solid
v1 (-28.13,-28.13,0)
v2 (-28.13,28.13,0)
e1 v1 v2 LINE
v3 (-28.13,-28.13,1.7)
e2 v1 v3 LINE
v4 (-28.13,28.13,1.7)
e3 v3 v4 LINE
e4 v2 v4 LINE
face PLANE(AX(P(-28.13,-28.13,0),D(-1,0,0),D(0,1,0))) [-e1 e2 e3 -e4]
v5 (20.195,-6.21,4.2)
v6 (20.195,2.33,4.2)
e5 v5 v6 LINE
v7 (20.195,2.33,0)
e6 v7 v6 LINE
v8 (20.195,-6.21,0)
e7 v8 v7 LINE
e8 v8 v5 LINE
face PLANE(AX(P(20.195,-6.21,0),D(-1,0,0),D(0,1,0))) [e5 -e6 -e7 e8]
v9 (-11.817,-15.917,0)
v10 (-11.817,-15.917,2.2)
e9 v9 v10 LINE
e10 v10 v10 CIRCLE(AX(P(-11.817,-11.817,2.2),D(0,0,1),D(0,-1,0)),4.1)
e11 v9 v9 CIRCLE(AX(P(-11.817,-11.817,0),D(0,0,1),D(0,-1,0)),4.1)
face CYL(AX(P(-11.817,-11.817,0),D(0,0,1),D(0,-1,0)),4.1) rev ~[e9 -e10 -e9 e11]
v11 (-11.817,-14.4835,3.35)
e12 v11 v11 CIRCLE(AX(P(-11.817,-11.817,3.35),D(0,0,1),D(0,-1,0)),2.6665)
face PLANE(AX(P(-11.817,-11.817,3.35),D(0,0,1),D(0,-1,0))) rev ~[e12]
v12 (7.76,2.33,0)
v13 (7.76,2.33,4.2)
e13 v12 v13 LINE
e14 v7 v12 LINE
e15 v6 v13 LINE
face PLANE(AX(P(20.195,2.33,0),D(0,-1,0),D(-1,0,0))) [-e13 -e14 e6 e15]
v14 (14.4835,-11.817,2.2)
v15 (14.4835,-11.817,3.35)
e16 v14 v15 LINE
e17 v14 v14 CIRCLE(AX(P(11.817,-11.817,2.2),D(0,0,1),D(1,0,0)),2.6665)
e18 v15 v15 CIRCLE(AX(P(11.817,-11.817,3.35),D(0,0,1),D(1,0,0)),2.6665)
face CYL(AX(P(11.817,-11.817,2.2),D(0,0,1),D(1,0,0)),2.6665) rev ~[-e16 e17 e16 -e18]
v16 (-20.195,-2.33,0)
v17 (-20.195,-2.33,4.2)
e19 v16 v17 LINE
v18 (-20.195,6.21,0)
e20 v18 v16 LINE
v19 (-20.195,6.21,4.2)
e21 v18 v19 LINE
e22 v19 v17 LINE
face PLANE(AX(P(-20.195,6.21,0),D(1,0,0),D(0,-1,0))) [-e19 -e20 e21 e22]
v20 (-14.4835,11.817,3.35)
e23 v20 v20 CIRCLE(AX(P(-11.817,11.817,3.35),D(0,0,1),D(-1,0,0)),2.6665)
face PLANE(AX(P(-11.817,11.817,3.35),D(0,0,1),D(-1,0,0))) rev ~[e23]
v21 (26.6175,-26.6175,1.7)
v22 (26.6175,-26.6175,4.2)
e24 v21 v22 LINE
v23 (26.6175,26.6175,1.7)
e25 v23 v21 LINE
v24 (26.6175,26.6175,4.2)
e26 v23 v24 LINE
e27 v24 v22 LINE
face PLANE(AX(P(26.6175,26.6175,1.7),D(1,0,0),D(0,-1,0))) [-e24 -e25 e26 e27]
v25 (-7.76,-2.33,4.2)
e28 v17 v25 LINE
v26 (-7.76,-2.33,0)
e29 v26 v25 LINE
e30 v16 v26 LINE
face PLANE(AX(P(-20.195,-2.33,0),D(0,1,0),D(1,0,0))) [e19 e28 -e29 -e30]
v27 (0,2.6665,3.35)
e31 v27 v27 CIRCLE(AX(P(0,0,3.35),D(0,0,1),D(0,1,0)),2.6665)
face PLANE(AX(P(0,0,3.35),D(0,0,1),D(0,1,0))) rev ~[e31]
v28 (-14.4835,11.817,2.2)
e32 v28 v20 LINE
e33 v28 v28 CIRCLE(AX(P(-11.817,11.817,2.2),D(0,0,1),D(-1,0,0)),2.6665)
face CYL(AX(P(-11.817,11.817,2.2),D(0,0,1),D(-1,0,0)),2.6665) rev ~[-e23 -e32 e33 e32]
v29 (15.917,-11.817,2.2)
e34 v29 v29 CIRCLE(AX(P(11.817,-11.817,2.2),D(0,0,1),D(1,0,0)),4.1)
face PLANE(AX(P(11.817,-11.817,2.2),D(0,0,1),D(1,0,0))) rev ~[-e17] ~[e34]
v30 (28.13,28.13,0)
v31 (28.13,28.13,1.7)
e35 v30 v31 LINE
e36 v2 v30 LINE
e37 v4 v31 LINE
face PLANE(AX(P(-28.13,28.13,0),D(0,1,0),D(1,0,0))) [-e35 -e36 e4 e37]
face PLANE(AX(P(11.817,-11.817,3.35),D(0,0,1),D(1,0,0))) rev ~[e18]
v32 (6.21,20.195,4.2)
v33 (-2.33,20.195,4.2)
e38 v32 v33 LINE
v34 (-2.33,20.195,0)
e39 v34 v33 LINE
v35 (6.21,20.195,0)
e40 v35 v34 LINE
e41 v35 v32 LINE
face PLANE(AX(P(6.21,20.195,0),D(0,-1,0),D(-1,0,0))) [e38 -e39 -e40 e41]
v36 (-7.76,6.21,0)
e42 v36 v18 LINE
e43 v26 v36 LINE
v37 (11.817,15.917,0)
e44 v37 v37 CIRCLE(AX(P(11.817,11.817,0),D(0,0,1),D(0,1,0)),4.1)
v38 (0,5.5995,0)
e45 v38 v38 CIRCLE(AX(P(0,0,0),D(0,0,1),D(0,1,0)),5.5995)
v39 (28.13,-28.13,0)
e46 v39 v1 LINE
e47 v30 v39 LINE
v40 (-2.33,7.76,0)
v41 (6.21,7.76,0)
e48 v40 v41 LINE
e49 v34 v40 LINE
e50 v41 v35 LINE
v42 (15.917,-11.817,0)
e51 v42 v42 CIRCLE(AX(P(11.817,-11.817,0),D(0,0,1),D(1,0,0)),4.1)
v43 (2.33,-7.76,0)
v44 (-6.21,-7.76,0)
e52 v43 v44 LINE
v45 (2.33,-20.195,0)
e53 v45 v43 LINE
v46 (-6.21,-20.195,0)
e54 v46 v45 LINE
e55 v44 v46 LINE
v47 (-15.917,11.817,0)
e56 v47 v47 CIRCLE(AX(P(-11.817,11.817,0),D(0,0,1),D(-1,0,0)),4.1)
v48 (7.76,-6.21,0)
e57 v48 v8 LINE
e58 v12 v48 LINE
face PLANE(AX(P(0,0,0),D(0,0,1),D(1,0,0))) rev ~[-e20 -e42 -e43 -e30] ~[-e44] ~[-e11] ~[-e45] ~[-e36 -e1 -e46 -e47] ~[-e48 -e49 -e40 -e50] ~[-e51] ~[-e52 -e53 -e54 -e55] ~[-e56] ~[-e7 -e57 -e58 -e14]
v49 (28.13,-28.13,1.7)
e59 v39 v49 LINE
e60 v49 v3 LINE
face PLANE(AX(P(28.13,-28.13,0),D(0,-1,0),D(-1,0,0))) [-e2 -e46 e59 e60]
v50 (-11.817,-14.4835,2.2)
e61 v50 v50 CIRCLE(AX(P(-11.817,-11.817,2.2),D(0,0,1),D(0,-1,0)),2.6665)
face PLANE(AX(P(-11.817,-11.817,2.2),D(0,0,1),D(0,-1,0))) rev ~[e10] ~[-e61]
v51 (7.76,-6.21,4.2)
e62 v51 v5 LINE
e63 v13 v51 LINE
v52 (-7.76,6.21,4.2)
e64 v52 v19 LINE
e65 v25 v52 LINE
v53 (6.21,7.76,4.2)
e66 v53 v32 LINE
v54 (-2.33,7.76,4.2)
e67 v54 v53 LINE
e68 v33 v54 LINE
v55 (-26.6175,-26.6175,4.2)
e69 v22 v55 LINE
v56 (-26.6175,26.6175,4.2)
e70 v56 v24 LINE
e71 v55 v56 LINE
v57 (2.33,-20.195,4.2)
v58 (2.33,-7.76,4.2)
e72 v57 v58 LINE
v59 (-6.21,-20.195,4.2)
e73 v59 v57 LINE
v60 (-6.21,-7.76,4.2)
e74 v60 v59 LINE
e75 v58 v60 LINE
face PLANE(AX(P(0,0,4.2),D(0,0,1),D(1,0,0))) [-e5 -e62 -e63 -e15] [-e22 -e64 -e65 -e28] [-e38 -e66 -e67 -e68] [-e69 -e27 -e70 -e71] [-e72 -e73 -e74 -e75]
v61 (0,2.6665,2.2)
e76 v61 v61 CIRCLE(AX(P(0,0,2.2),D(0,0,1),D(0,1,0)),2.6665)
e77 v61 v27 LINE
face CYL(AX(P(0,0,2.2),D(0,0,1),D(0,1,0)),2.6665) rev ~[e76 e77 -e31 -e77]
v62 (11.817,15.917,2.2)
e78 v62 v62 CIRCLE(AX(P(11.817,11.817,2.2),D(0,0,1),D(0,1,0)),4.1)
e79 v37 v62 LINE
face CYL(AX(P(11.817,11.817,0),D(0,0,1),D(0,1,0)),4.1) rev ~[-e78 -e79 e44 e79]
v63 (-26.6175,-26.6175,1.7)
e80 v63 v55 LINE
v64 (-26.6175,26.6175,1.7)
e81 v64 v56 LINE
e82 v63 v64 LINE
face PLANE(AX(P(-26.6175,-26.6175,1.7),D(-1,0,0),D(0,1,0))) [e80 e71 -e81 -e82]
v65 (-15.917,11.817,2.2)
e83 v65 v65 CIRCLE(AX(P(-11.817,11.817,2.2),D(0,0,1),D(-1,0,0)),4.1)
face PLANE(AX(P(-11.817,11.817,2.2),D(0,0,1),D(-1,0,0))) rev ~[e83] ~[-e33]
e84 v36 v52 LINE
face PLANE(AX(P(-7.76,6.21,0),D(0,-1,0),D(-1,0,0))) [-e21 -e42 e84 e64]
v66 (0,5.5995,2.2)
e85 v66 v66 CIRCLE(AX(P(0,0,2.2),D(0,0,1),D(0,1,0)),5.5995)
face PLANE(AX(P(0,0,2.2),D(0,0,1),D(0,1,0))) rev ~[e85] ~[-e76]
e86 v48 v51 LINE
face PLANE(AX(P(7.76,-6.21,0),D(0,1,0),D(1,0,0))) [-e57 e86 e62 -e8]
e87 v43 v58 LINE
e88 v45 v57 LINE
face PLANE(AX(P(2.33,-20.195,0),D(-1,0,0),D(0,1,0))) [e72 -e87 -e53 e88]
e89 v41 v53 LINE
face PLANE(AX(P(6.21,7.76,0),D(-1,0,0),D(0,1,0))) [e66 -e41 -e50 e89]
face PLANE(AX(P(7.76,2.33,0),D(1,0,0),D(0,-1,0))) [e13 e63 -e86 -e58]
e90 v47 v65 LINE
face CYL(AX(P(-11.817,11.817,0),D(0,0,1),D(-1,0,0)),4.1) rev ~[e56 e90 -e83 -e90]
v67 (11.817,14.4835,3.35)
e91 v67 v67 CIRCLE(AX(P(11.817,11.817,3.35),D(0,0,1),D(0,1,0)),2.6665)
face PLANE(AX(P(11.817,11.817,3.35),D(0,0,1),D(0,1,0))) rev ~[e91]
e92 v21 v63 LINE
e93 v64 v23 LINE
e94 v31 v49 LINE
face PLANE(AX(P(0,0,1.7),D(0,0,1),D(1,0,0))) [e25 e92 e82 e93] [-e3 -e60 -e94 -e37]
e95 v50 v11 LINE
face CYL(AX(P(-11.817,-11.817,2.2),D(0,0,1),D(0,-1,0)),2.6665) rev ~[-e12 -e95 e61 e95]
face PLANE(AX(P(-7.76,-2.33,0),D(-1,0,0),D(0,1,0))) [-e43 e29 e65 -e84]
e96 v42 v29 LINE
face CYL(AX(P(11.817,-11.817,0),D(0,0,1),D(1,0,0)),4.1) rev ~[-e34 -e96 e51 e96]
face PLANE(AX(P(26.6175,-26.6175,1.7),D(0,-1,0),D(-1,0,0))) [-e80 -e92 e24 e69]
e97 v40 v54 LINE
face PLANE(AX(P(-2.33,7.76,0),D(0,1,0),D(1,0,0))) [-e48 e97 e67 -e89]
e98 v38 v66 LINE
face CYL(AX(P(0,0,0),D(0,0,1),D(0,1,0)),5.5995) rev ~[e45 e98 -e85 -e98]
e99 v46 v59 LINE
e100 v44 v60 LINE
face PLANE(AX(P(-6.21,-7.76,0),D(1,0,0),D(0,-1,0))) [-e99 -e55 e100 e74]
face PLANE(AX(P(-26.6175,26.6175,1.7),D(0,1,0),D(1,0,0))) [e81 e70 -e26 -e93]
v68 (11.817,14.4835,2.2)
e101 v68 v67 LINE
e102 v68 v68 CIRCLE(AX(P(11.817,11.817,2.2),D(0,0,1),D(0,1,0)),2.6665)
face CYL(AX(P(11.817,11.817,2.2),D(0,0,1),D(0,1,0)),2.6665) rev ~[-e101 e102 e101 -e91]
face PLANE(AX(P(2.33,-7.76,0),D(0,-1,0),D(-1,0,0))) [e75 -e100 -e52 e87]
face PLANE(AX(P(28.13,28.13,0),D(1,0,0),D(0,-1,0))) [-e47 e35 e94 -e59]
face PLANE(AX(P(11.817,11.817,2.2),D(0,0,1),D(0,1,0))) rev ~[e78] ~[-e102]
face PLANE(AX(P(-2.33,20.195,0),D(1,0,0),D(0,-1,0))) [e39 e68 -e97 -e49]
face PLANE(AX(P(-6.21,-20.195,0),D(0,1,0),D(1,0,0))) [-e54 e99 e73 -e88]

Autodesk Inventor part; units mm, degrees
ref_plane "YZ Plane" through (0, 0, 0) normal (1, 0, 0) x (0, 1, 0)
ref_plane "XZ Plane" through (0, 0, 0) normal (0, 1, 0) x (-1, 0, 0)
ref_plane "XY Plane" through (0, 0, 0) normal (0, 0, 1) x (1, 0, 0)
sketch "Skizze1" plane through (0, 0, 0) normal (0, 0, 1) x (1, 0, 0)
  line L0 (-28.13, 28.13) -> (28.13, 28.13)
  line L1 (28.13, 28.13) -> (28.13, -28.13)
  line L2 (28.13, -28.13) -> (-28.13, -28.13)
  line L3 (-28.13, -28.13) -> (-28.13, 28.13)
  line L4 (-39.382, 0) -> (39.382, 0) construction
  line L5 (0, -39.382) -> (0, 39.382) construction
  point P0 (0, 0)
  dimension "d0" = 56.26
extrude "Extrusion1" add sketch "Skizze1" along normal blind 1.7
sketch "Skizze2" plane through (0, 0, 1.7) normal (0, 0, 1) x (1, 0, 0)
  line L0 (0, -39.382) -> (0, 39.382) construction
  line L1 (-39.382, 0) -> (39.382, 0) construction
  line L2 (-26.6175, 26.6175) -> (26.6175, 26.6175)
  line L3 (26.6175, 26.6175) -> (26.6175, -26.6175)
  line L4 (26.6175, -26.6175) -> (-26.6175, -26.6175)
  line L5 (-26.6175, -26.6175) -> (-26.6175, 26.6175)
  line L6 (28.13, 28.13) -> (-28.13, 28.13) projected
  point P0 (0, 0)
  dimension "d3" = 53.235
extrude "Extrusion2" add sketch "Skizze2" along normal blind 2.5
sketch "Skizze3" plane through (0, 0, 0) normal (0, 0, -1) x (-1, 0, 0)
  line L0 (28.13, -28.13) -> (-28.13, -28.13) projected
  line L1 (28.13, 28.13) -> (28.13, -28.13) projected
  line L2 (-28.13, 28.13) -> (28.13, 28.13) projected
  line L3 (-28.13, -28.13) -> (-28.13, 28.13) projected
  line L4 (-6.21, 20.195) -> (2.33, 20.195)
  line L5 (2.33, 20.195) -> (2.33, 7.76)
  line L6 (2.33, 7.76) -> (-6.21, 7.76)
  line L7 (-6.21, 7.76) -> (-6.21, 20.195)
  point P0 (0, 0)
  point P1 (0, 0)
  dimension "d6" = 21.92
  dimension "d7" = 8.54
  dimension "d8" = 12.435
  dimension "d9" = 35.89
extrude "Extrusion3" cut sketch "Skizze3" against normal up to surface (4.2 mm away) contours L4 L5 L6 L7
pattern_circular "Runde Anordnung1" count 4 over 360 about axis through (0, 0, -10) along (0, 0, 1) of "Extrusion3"
sketch "Skizze4" plane through (0, 0, 0) normal (0, 0, -1) x (-1, 0, 0)
  line L0 (-28.13, -28.13) -> (-28.13, 28.13) projected
  line L1 (-28.13, 28.13) -> (28.13, 28.13) projected
  point P0 (0, 0)
  point P1 (-11.817, 11.817)
  dimension "d15" = 16.313
  dimension "d16" = 16.313
hole "Bohrung1" at (11.817, 11.817, 0) direction (0, 0, 1) diameter 5.333 depth 3.35 counterbore diameter 8.2 counterbore depth 2.2
pattern_circular "Runde Anordnung2" count 4 over 360 about axis through (0, 0, -10) along (0, 0, 1) of "Bohrung1"
sketch "Skizze5" plane through (0, 0, 0) normal (0, 0, -1) x (-1, 0, 0)
  point P0 (0, 0)
  point P1 (0, 0)
hole "Bohrung2" at (0, 0, 0) direction (0, 0, 1) diameter 5.333 depth 3.35 counterbore diameter 11.199 counterbore depth 2.2
properties part number "PCB_cover_platte_originaldicke"
